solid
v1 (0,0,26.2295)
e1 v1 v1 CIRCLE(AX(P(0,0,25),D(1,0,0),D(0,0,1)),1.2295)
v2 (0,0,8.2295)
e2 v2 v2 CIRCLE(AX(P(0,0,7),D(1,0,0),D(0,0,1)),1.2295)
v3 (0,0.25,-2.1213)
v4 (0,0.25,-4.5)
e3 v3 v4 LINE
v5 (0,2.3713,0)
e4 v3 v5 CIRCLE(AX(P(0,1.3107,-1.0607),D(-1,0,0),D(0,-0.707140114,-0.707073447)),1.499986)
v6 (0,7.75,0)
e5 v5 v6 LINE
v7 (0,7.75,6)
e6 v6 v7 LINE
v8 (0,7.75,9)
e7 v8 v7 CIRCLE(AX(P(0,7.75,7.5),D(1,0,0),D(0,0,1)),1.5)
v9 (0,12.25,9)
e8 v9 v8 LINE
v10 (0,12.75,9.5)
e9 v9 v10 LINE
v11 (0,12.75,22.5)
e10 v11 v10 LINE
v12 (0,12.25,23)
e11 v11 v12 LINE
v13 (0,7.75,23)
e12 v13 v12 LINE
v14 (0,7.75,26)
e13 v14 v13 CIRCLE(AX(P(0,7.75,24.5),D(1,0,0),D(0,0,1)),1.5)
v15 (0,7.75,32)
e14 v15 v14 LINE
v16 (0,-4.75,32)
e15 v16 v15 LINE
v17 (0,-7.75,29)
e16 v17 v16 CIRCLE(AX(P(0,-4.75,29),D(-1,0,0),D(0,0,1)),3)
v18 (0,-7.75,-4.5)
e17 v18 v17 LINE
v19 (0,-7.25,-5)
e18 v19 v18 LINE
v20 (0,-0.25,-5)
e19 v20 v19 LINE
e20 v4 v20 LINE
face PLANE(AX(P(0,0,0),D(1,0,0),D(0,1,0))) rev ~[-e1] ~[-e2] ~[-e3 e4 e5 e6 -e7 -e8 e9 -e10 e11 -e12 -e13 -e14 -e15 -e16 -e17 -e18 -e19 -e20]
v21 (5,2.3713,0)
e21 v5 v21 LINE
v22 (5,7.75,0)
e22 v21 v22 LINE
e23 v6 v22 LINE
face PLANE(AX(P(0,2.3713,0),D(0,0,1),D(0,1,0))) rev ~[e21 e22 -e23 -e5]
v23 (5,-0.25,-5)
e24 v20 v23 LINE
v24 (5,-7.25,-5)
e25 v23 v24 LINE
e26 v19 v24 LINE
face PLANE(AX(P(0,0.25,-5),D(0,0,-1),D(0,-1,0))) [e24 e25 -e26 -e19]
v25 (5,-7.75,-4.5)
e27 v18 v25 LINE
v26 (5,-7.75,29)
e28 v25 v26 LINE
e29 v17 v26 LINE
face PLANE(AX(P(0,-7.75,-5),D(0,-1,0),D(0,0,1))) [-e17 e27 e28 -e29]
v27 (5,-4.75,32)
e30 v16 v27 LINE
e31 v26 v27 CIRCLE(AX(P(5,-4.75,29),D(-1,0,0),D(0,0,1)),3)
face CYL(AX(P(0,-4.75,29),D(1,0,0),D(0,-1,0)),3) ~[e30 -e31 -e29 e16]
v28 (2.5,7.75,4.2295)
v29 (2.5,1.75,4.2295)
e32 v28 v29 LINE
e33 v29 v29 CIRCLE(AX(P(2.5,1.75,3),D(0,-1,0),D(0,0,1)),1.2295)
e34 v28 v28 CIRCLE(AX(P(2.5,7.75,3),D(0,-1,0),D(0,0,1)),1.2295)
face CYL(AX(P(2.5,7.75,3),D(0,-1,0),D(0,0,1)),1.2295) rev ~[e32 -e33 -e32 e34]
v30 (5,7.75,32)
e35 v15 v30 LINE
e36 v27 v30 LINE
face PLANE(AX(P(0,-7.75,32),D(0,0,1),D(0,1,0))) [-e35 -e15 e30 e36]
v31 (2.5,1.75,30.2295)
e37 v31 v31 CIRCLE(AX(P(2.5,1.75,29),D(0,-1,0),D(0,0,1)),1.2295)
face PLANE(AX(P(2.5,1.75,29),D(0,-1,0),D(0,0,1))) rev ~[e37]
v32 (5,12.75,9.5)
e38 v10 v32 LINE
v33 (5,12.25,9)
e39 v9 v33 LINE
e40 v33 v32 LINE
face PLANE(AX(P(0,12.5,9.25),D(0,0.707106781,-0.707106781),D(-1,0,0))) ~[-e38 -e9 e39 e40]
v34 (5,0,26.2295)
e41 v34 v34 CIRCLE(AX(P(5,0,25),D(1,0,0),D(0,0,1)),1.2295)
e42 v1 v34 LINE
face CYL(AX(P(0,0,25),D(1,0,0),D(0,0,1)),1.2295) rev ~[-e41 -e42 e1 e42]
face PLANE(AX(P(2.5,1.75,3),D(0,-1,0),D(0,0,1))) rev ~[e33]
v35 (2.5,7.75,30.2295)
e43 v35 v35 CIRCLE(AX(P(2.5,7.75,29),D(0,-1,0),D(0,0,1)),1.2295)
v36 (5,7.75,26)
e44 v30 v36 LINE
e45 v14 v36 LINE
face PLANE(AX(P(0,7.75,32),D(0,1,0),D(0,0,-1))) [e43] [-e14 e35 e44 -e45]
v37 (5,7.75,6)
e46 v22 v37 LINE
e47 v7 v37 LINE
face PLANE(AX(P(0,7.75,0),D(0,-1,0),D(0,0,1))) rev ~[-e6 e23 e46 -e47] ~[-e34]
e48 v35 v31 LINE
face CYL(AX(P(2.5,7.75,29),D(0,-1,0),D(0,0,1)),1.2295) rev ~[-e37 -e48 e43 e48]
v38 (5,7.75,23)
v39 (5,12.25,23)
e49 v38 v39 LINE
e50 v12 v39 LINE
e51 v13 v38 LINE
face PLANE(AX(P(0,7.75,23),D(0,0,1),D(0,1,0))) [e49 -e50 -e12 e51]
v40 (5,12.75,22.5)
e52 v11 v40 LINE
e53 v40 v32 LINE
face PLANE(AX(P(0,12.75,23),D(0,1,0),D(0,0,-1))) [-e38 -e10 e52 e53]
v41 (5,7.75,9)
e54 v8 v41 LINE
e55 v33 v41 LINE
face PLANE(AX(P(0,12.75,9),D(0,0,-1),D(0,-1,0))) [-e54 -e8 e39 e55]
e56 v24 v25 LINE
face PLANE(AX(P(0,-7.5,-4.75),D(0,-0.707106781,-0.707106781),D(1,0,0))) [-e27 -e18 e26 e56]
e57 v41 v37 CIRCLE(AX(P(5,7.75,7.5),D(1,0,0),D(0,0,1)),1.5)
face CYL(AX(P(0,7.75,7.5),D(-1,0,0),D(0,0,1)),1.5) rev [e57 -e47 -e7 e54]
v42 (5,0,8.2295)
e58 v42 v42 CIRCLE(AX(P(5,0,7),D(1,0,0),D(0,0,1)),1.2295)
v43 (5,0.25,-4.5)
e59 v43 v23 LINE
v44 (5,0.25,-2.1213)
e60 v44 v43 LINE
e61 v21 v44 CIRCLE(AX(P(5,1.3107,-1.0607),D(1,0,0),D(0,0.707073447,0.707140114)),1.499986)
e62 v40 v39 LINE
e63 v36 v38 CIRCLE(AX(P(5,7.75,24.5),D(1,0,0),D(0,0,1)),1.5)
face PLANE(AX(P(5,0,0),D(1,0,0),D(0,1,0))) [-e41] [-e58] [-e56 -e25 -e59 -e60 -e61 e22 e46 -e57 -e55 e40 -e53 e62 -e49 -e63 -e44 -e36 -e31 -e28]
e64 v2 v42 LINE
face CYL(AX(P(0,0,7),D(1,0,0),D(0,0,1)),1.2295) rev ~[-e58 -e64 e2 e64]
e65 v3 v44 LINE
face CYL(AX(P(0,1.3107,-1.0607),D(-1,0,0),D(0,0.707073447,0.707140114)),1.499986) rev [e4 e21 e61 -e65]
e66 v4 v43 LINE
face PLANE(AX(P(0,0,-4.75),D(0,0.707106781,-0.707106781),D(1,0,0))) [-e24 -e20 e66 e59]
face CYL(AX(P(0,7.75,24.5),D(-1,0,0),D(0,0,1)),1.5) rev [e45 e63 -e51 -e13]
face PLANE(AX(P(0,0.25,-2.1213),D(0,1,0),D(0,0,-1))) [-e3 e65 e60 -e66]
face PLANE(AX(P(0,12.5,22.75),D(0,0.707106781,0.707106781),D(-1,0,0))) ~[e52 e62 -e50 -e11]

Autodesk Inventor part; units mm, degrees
ref_plane "YZ Plane" through (0, 0, 0) normal (1, 0, 0) x (0, 1, 0)
ref_plane "XZ Plane" through (0, 0, 0) normal (0, 1, 0) x (-1, 0, 0)
ref_plane "XY Plane" through (0, 0, 0) normal (0, 0, 1) x (1, 0, 0)
sketch "Sketch1" plane through (0, 0, 0) normal (1, 0, 0) x (0, 1, 0)
  line L0 (0.25, 0) -> (0.25, -5)
  line L1 (0.25, -5) -> (-7.75, -5)
  line L2 (-7.75, -5) -> (-7.75, 32)
  line L3 (-7.75, 32) -> (7.75, 32)
  line L4 (7.75, 32) -> (7.75, 23)
  line L5 (7.75, 23) -> (12.75, 23)
  line L6 (12.75, 23) -> (12.75, 9)
  line L7 (12.75, 9) -> (7.75, 9)
  line L8 (0.25, 0) -> (7.75, 0)
  line L9 (7.75, 0) -> (7.75, 9)
  line L10 (0, -5) -> (0, 32) construction
  line L11 (12.75, 16) -> (-7.75, 16) construction
  arc A0 (7.75, 26) -> (7.75, 23) centre (7.75, 24.5) ccw
  arc A1 (7.75, 9) -> (7.75, 6) centre (7.75, 7.5) ccw
  arc A2 (2.3713, 0) -> (0.25, -2.1213) centre (1.3107, -1.0607) ccw
  line L12 (7.75, 29) -> (1.75, 29) construction
  line L13 (7.75, 3) -> (1.75, 3) construction
  point P0 (0, 0)
  point P1 (0, 25)
  point P2 (0, 7)
  point P3 (7.75, 6)
  point P4 (4.1709, -1.359)
  point P5 (4.291, 0)
  dimension "d6" = 5
  dimension "d7" = 14
  dimension "d8" = 5
  dimension "d9" = 18
  dimension "d12" = 6
  dimension "d13" = 6
  dimension "d31" = 9
  dimension "d32" = 1.5
  dimension "d33" = 32
  dimension "d34" = 8
  dimension "d35" = 15.5
extrude "Extrusion1" add sketch "Sketch1" along normal blind 5 contours A2 L0 L1 L2 L3 L4 A0 L5 L6 L7 A1 L9 L8
sketch "Sketch2" plane through (0, 7.75, 32) normal (0, 1, 0) x (1, 0, 0)
  line L0 (5, 3) -> (0, 3)
  line L1 (0, 9) -> (0, 0) projected
  line L2 (5, 32) -> (5, 23) projected
  line L3 (5, 29) -> (0, 29)
  line L4 (5, 9) -> (5, 0) projected
  point P0 (0, 32)
  point P1 (0, 6)
  point P2 (5, 26)
  point P3 (5, 6)
  point P4 (0, 29)
  point P5 (0, 29)
  point P6 (0, 29)
  point P7 (2.5, 29)
  point P8 (2.5, 3)
hole "Hole1" at (2.5, 7.75, 3) at (2.5, 7.75, 29) direction (0, -1, 0) diameter 2.459 depth 6 thread size "M3x0.5" class "6H" standard "ANSI Metric M Profile"
hole "Hole2" at (0, 0, 25) at (0, 0, 7) direction (1, 0, 0) diameter 2.459 end through all thread size "M3x0.5" class "6H" standard "ANSI Metric M Profile"
chamfer "Chamfer1" distance 0.5 angle 45 4 edges at (2.5, -7.75, -5) (2.5, 0.25, -5) (2.5, 12.75, 9) (2.5, 12.75, 23)
fillet "Fillet1" radius 3 1 edges at (2.5, -7.75, 32)
properties part number "TorsoAngleBraceFrame" material "Acetal Resin, Black"
